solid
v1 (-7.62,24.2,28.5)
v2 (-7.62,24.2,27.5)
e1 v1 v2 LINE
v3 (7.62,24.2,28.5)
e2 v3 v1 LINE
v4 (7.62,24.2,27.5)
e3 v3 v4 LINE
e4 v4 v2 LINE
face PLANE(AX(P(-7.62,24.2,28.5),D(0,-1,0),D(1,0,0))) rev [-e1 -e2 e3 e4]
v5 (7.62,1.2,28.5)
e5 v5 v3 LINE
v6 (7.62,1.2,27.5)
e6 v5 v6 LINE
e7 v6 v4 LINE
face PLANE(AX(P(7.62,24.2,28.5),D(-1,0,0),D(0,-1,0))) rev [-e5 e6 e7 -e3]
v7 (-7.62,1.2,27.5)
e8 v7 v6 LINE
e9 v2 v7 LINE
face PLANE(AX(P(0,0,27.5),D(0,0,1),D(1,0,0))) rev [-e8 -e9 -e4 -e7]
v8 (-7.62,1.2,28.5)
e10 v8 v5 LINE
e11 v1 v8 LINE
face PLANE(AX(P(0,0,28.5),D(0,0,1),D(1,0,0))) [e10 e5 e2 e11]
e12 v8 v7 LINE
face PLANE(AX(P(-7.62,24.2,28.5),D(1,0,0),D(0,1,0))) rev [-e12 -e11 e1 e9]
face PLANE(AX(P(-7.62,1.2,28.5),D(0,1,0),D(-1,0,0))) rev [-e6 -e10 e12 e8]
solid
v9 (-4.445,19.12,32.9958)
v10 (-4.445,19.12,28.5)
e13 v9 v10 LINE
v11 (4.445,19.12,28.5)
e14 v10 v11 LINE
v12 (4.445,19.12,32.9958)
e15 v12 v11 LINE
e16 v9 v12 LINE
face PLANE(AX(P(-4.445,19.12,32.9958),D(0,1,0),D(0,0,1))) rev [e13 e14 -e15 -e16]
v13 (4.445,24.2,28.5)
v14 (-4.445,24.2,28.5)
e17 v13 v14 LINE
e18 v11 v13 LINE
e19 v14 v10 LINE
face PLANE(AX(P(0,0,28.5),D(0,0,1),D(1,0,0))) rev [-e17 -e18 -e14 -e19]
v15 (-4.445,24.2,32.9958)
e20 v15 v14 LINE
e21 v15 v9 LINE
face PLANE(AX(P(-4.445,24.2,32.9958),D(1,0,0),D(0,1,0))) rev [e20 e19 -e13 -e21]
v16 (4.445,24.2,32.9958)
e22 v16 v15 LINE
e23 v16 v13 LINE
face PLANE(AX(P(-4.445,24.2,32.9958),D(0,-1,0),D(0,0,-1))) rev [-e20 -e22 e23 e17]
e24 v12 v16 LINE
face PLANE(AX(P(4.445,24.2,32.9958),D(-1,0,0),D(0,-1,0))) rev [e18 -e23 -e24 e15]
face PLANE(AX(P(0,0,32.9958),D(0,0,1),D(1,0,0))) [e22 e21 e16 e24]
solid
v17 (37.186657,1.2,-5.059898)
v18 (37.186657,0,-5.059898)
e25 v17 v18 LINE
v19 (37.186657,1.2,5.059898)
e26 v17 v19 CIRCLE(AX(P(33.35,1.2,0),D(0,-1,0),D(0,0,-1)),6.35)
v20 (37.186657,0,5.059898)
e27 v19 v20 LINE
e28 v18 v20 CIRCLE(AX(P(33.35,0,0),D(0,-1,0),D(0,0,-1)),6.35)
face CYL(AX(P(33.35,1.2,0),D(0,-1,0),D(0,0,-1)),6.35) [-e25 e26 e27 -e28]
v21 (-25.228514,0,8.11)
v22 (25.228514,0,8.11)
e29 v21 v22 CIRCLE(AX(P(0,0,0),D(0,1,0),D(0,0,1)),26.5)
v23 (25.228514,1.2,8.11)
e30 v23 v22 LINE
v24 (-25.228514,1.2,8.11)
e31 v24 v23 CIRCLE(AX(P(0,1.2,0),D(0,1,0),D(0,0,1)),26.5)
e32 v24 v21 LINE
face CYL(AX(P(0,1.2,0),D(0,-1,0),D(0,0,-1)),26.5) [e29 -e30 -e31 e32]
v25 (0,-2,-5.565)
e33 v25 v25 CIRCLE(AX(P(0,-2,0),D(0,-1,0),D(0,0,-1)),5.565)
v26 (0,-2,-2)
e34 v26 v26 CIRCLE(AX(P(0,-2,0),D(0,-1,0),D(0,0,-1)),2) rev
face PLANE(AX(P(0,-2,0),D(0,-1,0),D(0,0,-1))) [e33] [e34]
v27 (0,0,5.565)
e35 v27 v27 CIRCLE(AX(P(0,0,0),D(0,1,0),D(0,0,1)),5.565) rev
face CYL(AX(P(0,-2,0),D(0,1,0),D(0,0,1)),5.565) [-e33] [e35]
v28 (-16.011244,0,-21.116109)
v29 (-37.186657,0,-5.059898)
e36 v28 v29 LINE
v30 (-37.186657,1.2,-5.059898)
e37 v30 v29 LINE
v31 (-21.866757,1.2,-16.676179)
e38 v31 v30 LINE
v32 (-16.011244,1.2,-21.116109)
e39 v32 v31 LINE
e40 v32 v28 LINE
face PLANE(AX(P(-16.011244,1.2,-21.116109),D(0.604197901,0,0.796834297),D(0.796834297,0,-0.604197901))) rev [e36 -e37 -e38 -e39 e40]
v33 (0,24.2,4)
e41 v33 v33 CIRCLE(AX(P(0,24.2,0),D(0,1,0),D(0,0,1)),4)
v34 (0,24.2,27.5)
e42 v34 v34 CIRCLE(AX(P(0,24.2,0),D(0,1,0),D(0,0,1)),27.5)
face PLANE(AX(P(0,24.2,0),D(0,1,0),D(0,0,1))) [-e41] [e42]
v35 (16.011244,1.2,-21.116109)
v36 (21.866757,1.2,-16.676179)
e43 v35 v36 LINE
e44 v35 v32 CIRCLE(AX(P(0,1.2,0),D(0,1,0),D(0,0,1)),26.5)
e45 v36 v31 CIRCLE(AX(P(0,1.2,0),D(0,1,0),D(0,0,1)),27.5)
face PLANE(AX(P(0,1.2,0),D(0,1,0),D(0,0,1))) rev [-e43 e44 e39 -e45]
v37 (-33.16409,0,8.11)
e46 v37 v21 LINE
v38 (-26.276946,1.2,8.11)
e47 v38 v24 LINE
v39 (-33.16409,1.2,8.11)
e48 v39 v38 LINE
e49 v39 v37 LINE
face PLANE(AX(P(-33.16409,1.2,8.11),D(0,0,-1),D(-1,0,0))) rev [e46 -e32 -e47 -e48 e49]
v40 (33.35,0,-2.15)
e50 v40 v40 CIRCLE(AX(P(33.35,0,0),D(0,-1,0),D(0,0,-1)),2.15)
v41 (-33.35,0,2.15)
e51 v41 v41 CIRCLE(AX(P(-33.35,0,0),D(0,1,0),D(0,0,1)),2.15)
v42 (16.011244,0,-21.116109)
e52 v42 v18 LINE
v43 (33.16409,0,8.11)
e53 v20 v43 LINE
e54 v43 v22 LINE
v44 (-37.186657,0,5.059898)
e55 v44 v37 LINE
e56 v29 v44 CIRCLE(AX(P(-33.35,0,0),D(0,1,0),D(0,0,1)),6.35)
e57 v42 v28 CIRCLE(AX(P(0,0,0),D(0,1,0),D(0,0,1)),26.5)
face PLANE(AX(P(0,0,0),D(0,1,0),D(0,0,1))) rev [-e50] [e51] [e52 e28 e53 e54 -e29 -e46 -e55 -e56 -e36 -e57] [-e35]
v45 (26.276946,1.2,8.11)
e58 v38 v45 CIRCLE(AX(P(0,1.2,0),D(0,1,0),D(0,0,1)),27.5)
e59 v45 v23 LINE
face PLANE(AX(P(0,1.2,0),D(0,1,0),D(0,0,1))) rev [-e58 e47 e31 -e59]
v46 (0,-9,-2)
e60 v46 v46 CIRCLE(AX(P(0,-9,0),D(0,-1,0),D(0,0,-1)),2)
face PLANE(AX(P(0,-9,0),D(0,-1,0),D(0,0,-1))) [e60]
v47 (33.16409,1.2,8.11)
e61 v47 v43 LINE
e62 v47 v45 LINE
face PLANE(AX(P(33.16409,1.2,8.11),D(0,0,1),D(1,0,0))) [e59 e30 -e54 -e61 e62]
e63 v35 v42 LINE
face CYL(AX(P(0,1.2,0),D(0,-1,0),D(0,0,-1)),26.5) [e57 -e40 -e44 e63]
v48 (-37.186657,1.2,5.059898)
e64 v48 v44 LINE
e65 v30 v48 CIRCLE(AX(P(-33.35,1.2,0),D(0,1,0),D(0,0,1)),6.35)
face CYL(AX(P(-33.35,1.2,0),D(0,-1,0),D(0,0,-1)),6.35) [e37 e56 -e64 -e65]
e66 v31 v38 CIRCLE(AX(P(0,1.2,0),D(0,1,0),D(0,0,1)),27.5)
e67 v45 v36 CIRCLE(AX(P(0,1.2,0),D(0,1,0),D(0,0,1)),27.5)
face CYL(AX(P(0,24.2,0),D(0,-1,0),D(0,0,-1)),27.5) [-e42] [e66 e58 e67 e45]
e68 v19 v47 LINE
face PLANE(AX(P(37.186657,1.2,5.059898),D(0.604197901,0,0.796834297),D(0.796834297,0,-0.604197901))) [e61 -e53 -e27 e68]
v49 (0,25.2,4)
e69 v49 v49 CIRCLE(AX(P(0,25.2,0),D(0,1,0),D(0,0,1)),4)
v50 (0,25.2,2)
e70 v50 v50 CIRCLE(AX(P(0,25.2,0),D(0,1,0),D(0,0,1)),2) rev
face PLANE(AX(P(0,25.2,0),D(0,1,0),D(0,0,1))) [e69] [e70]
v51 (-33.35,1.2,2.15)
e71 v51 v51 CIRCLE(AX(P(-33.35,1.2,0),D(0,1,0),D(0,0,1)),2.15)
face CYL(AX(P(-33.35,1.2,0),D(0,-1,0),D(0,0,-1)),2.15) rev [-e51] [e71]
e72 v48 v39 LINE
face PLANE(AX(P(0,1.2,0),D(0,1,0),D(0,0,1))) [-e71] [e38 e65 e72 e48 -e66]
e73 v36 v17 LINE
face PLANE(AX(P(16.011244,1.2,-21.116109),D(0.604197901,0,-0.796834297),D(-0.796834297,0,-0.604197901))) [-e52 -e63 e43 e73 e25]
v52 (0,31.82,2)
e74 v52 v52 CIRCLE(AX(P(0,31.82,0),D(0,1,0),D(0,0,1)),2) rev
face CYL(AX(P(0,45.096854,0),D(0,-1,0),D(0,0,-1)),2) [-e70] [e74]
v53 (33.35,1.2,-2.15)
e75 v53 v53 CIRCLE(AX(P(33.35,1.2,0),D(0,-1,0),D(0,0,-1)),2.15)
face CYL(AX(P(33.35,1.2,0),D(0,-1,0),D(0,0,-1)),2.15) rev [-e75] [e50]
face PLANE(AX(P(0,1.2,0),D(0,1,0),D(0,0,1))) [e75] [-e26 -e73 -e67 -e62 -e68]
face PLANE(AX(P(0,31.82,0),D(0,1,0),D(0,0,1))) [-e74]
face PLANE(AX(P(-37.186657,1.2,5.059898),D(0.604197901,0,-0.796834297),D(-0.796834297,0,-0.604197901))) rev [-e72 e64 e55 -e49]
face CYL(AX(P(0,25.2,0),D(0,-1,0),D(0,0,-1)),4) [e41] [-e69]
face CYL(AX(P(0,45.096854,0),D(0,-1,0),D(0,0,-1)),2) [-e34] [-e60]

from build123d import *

# Parameters (mm, degrees)
SKETCH1_R        = 2.15
BASEPLATE_DEPTH  = 1.2
CASE_START       = 1.2
SKETCH2_R        = 27.5
CASE_2_DEPTH     = 23
SHAFT_DEPTH      = 9
SHAFT_DEPTH_BACK = 31.82
SKETCH3_R        = 2
SKETCH4_R        = 5.565
FRONTBOSS_DEPTH  = 2
SKETCH5_R        = 4
REARBOSS_DEPTH   = 1
PCB_START        = 27.5
SKETCH7_W        = 15.24
SKETCH7_H        = 23
PCB_DEPTH        = 1
SKETCH8_W        = 8.89
SKETCH8_H        = 5.08
PLUG_DEPTH       = 4.4958


with BuildPart() as part:
    # Sketch1 → BasePlate (new body)
    with BuildSketch(Plane(origin=(0, 0, 0), x_dir=(1, 0, 0), z_dir=(0, 1, 0))):
        with BuildLine():
            Line((-16.011244378, 21.116108862), (-37.186656672, 5.059897784))
            ThreePointArc((-37.186656672, 5.059897784), (-39.7, 0), (-37.186656672, -5.059897784))
            Line((-37.186656672, -5.059897784), (-33.164090473, -8.11))
            Line((-33.164090473, -8.11), (-25.22851363, -8.11))
            ThreePointArc((-25.22851363, -8.11), (0, -26.5), (25.22851363, -8.11))
            Line((25.22851363, -8.11), (33.164090473, -8.11))
            Line((33.164090473, -8.11), (37.186656672, -5.059897784))
            ThreePointArc((37.186656672, -5.059897784), (39.7, 0), (37.186656672, 5.059897784))
            Line((37.186656672, 5.059897784), (16.011244378, 21.116108862))
            ThreePointArc((16.011244378, 21.116108862), (0, 26.5), (-16.011244378, 21.116108862))
        make_face()
        with Locations(Location((-33.35, 0, 0), (0, 0, 270))):
            Circle(SKETCH1_R, mode=Mode.SUBTRACT)
        with Locations(Location((33.35, 0, 0), (0, 0, 90))):
            Circle(SKETCH1_R, mode=Mode.SUBTRACT)
    extrude(amount=BASEPLATE_DEPTH)

    # Sketch2 → Case 2 (add)
    with BuildSketch(Plane(origin=(0, 0, 0), x_dir=(1, 0, 0), z_dir=(0, 1, 0)).offset(CASE_START)):
        with Locations(Location((0, 0, 0), (0, 0, 37.330121736))):
            Circle(SKETCH2_R)
    extrude(amount=CASE_2_DEPTH)

    # Sketch3 → Shaft (add, two sides: drawn at the far end of the back side and taken through both)
    with BuildSketch(Plane.XZ.offset(-SHAFT_DEPTH_BACK)):
        with Locations(Location((0, 0, 0), (0, 0, 90))):
            Circle(SKETCH3_R)
    extrude(amount=SHAFT_DEPTH + SHAFT_DEPTH_BACK)

    # Sketch4 → FrontBoss (add)
    with BuildSketch(Plane.XZ):
        with Locations(Location((0, 0, 0), (0, 0, 90))):
            Circle(SKETCH4_R)
    extrude(amount=FRONTBOSS_DEPTH)

    # Sketch5 → RearBoss (add)
    with BuildSketch(Plane(origin=(0, 24.2, 0), x_dir=(1, 0, 0), z_dir=(0, 1, 0))):
        with Locations(Location((0, 0, 0), (0, 0, 270))):
            Circle(SKETCH5_R)
    extrude(amount=REARBOSS_DEPTH)


with BuildPart() as body_2:
    # Sketch7 → PCB (new body)
    with BuildSketch(Plane.XY.offset(PCB_START)):
        with Locations((0, 12.7)):
            Rectangle(SKETCH7_W, SKETCH7_H)
    extrude(amount=PCB_DEPTH)


with BuildPart() as body_3:
    # Sketch8 → Plug (new body)
    with BuildSketch(Plane.XY.offset(28.5)):
        with Locations((0, 21.66)):
            Rectangle(SKETCH8_W, SKETCH8_H)
    extrude(amount=PLUG_DEPTH)


solid = Compound([part.part, body_2.part, body_3.part])
